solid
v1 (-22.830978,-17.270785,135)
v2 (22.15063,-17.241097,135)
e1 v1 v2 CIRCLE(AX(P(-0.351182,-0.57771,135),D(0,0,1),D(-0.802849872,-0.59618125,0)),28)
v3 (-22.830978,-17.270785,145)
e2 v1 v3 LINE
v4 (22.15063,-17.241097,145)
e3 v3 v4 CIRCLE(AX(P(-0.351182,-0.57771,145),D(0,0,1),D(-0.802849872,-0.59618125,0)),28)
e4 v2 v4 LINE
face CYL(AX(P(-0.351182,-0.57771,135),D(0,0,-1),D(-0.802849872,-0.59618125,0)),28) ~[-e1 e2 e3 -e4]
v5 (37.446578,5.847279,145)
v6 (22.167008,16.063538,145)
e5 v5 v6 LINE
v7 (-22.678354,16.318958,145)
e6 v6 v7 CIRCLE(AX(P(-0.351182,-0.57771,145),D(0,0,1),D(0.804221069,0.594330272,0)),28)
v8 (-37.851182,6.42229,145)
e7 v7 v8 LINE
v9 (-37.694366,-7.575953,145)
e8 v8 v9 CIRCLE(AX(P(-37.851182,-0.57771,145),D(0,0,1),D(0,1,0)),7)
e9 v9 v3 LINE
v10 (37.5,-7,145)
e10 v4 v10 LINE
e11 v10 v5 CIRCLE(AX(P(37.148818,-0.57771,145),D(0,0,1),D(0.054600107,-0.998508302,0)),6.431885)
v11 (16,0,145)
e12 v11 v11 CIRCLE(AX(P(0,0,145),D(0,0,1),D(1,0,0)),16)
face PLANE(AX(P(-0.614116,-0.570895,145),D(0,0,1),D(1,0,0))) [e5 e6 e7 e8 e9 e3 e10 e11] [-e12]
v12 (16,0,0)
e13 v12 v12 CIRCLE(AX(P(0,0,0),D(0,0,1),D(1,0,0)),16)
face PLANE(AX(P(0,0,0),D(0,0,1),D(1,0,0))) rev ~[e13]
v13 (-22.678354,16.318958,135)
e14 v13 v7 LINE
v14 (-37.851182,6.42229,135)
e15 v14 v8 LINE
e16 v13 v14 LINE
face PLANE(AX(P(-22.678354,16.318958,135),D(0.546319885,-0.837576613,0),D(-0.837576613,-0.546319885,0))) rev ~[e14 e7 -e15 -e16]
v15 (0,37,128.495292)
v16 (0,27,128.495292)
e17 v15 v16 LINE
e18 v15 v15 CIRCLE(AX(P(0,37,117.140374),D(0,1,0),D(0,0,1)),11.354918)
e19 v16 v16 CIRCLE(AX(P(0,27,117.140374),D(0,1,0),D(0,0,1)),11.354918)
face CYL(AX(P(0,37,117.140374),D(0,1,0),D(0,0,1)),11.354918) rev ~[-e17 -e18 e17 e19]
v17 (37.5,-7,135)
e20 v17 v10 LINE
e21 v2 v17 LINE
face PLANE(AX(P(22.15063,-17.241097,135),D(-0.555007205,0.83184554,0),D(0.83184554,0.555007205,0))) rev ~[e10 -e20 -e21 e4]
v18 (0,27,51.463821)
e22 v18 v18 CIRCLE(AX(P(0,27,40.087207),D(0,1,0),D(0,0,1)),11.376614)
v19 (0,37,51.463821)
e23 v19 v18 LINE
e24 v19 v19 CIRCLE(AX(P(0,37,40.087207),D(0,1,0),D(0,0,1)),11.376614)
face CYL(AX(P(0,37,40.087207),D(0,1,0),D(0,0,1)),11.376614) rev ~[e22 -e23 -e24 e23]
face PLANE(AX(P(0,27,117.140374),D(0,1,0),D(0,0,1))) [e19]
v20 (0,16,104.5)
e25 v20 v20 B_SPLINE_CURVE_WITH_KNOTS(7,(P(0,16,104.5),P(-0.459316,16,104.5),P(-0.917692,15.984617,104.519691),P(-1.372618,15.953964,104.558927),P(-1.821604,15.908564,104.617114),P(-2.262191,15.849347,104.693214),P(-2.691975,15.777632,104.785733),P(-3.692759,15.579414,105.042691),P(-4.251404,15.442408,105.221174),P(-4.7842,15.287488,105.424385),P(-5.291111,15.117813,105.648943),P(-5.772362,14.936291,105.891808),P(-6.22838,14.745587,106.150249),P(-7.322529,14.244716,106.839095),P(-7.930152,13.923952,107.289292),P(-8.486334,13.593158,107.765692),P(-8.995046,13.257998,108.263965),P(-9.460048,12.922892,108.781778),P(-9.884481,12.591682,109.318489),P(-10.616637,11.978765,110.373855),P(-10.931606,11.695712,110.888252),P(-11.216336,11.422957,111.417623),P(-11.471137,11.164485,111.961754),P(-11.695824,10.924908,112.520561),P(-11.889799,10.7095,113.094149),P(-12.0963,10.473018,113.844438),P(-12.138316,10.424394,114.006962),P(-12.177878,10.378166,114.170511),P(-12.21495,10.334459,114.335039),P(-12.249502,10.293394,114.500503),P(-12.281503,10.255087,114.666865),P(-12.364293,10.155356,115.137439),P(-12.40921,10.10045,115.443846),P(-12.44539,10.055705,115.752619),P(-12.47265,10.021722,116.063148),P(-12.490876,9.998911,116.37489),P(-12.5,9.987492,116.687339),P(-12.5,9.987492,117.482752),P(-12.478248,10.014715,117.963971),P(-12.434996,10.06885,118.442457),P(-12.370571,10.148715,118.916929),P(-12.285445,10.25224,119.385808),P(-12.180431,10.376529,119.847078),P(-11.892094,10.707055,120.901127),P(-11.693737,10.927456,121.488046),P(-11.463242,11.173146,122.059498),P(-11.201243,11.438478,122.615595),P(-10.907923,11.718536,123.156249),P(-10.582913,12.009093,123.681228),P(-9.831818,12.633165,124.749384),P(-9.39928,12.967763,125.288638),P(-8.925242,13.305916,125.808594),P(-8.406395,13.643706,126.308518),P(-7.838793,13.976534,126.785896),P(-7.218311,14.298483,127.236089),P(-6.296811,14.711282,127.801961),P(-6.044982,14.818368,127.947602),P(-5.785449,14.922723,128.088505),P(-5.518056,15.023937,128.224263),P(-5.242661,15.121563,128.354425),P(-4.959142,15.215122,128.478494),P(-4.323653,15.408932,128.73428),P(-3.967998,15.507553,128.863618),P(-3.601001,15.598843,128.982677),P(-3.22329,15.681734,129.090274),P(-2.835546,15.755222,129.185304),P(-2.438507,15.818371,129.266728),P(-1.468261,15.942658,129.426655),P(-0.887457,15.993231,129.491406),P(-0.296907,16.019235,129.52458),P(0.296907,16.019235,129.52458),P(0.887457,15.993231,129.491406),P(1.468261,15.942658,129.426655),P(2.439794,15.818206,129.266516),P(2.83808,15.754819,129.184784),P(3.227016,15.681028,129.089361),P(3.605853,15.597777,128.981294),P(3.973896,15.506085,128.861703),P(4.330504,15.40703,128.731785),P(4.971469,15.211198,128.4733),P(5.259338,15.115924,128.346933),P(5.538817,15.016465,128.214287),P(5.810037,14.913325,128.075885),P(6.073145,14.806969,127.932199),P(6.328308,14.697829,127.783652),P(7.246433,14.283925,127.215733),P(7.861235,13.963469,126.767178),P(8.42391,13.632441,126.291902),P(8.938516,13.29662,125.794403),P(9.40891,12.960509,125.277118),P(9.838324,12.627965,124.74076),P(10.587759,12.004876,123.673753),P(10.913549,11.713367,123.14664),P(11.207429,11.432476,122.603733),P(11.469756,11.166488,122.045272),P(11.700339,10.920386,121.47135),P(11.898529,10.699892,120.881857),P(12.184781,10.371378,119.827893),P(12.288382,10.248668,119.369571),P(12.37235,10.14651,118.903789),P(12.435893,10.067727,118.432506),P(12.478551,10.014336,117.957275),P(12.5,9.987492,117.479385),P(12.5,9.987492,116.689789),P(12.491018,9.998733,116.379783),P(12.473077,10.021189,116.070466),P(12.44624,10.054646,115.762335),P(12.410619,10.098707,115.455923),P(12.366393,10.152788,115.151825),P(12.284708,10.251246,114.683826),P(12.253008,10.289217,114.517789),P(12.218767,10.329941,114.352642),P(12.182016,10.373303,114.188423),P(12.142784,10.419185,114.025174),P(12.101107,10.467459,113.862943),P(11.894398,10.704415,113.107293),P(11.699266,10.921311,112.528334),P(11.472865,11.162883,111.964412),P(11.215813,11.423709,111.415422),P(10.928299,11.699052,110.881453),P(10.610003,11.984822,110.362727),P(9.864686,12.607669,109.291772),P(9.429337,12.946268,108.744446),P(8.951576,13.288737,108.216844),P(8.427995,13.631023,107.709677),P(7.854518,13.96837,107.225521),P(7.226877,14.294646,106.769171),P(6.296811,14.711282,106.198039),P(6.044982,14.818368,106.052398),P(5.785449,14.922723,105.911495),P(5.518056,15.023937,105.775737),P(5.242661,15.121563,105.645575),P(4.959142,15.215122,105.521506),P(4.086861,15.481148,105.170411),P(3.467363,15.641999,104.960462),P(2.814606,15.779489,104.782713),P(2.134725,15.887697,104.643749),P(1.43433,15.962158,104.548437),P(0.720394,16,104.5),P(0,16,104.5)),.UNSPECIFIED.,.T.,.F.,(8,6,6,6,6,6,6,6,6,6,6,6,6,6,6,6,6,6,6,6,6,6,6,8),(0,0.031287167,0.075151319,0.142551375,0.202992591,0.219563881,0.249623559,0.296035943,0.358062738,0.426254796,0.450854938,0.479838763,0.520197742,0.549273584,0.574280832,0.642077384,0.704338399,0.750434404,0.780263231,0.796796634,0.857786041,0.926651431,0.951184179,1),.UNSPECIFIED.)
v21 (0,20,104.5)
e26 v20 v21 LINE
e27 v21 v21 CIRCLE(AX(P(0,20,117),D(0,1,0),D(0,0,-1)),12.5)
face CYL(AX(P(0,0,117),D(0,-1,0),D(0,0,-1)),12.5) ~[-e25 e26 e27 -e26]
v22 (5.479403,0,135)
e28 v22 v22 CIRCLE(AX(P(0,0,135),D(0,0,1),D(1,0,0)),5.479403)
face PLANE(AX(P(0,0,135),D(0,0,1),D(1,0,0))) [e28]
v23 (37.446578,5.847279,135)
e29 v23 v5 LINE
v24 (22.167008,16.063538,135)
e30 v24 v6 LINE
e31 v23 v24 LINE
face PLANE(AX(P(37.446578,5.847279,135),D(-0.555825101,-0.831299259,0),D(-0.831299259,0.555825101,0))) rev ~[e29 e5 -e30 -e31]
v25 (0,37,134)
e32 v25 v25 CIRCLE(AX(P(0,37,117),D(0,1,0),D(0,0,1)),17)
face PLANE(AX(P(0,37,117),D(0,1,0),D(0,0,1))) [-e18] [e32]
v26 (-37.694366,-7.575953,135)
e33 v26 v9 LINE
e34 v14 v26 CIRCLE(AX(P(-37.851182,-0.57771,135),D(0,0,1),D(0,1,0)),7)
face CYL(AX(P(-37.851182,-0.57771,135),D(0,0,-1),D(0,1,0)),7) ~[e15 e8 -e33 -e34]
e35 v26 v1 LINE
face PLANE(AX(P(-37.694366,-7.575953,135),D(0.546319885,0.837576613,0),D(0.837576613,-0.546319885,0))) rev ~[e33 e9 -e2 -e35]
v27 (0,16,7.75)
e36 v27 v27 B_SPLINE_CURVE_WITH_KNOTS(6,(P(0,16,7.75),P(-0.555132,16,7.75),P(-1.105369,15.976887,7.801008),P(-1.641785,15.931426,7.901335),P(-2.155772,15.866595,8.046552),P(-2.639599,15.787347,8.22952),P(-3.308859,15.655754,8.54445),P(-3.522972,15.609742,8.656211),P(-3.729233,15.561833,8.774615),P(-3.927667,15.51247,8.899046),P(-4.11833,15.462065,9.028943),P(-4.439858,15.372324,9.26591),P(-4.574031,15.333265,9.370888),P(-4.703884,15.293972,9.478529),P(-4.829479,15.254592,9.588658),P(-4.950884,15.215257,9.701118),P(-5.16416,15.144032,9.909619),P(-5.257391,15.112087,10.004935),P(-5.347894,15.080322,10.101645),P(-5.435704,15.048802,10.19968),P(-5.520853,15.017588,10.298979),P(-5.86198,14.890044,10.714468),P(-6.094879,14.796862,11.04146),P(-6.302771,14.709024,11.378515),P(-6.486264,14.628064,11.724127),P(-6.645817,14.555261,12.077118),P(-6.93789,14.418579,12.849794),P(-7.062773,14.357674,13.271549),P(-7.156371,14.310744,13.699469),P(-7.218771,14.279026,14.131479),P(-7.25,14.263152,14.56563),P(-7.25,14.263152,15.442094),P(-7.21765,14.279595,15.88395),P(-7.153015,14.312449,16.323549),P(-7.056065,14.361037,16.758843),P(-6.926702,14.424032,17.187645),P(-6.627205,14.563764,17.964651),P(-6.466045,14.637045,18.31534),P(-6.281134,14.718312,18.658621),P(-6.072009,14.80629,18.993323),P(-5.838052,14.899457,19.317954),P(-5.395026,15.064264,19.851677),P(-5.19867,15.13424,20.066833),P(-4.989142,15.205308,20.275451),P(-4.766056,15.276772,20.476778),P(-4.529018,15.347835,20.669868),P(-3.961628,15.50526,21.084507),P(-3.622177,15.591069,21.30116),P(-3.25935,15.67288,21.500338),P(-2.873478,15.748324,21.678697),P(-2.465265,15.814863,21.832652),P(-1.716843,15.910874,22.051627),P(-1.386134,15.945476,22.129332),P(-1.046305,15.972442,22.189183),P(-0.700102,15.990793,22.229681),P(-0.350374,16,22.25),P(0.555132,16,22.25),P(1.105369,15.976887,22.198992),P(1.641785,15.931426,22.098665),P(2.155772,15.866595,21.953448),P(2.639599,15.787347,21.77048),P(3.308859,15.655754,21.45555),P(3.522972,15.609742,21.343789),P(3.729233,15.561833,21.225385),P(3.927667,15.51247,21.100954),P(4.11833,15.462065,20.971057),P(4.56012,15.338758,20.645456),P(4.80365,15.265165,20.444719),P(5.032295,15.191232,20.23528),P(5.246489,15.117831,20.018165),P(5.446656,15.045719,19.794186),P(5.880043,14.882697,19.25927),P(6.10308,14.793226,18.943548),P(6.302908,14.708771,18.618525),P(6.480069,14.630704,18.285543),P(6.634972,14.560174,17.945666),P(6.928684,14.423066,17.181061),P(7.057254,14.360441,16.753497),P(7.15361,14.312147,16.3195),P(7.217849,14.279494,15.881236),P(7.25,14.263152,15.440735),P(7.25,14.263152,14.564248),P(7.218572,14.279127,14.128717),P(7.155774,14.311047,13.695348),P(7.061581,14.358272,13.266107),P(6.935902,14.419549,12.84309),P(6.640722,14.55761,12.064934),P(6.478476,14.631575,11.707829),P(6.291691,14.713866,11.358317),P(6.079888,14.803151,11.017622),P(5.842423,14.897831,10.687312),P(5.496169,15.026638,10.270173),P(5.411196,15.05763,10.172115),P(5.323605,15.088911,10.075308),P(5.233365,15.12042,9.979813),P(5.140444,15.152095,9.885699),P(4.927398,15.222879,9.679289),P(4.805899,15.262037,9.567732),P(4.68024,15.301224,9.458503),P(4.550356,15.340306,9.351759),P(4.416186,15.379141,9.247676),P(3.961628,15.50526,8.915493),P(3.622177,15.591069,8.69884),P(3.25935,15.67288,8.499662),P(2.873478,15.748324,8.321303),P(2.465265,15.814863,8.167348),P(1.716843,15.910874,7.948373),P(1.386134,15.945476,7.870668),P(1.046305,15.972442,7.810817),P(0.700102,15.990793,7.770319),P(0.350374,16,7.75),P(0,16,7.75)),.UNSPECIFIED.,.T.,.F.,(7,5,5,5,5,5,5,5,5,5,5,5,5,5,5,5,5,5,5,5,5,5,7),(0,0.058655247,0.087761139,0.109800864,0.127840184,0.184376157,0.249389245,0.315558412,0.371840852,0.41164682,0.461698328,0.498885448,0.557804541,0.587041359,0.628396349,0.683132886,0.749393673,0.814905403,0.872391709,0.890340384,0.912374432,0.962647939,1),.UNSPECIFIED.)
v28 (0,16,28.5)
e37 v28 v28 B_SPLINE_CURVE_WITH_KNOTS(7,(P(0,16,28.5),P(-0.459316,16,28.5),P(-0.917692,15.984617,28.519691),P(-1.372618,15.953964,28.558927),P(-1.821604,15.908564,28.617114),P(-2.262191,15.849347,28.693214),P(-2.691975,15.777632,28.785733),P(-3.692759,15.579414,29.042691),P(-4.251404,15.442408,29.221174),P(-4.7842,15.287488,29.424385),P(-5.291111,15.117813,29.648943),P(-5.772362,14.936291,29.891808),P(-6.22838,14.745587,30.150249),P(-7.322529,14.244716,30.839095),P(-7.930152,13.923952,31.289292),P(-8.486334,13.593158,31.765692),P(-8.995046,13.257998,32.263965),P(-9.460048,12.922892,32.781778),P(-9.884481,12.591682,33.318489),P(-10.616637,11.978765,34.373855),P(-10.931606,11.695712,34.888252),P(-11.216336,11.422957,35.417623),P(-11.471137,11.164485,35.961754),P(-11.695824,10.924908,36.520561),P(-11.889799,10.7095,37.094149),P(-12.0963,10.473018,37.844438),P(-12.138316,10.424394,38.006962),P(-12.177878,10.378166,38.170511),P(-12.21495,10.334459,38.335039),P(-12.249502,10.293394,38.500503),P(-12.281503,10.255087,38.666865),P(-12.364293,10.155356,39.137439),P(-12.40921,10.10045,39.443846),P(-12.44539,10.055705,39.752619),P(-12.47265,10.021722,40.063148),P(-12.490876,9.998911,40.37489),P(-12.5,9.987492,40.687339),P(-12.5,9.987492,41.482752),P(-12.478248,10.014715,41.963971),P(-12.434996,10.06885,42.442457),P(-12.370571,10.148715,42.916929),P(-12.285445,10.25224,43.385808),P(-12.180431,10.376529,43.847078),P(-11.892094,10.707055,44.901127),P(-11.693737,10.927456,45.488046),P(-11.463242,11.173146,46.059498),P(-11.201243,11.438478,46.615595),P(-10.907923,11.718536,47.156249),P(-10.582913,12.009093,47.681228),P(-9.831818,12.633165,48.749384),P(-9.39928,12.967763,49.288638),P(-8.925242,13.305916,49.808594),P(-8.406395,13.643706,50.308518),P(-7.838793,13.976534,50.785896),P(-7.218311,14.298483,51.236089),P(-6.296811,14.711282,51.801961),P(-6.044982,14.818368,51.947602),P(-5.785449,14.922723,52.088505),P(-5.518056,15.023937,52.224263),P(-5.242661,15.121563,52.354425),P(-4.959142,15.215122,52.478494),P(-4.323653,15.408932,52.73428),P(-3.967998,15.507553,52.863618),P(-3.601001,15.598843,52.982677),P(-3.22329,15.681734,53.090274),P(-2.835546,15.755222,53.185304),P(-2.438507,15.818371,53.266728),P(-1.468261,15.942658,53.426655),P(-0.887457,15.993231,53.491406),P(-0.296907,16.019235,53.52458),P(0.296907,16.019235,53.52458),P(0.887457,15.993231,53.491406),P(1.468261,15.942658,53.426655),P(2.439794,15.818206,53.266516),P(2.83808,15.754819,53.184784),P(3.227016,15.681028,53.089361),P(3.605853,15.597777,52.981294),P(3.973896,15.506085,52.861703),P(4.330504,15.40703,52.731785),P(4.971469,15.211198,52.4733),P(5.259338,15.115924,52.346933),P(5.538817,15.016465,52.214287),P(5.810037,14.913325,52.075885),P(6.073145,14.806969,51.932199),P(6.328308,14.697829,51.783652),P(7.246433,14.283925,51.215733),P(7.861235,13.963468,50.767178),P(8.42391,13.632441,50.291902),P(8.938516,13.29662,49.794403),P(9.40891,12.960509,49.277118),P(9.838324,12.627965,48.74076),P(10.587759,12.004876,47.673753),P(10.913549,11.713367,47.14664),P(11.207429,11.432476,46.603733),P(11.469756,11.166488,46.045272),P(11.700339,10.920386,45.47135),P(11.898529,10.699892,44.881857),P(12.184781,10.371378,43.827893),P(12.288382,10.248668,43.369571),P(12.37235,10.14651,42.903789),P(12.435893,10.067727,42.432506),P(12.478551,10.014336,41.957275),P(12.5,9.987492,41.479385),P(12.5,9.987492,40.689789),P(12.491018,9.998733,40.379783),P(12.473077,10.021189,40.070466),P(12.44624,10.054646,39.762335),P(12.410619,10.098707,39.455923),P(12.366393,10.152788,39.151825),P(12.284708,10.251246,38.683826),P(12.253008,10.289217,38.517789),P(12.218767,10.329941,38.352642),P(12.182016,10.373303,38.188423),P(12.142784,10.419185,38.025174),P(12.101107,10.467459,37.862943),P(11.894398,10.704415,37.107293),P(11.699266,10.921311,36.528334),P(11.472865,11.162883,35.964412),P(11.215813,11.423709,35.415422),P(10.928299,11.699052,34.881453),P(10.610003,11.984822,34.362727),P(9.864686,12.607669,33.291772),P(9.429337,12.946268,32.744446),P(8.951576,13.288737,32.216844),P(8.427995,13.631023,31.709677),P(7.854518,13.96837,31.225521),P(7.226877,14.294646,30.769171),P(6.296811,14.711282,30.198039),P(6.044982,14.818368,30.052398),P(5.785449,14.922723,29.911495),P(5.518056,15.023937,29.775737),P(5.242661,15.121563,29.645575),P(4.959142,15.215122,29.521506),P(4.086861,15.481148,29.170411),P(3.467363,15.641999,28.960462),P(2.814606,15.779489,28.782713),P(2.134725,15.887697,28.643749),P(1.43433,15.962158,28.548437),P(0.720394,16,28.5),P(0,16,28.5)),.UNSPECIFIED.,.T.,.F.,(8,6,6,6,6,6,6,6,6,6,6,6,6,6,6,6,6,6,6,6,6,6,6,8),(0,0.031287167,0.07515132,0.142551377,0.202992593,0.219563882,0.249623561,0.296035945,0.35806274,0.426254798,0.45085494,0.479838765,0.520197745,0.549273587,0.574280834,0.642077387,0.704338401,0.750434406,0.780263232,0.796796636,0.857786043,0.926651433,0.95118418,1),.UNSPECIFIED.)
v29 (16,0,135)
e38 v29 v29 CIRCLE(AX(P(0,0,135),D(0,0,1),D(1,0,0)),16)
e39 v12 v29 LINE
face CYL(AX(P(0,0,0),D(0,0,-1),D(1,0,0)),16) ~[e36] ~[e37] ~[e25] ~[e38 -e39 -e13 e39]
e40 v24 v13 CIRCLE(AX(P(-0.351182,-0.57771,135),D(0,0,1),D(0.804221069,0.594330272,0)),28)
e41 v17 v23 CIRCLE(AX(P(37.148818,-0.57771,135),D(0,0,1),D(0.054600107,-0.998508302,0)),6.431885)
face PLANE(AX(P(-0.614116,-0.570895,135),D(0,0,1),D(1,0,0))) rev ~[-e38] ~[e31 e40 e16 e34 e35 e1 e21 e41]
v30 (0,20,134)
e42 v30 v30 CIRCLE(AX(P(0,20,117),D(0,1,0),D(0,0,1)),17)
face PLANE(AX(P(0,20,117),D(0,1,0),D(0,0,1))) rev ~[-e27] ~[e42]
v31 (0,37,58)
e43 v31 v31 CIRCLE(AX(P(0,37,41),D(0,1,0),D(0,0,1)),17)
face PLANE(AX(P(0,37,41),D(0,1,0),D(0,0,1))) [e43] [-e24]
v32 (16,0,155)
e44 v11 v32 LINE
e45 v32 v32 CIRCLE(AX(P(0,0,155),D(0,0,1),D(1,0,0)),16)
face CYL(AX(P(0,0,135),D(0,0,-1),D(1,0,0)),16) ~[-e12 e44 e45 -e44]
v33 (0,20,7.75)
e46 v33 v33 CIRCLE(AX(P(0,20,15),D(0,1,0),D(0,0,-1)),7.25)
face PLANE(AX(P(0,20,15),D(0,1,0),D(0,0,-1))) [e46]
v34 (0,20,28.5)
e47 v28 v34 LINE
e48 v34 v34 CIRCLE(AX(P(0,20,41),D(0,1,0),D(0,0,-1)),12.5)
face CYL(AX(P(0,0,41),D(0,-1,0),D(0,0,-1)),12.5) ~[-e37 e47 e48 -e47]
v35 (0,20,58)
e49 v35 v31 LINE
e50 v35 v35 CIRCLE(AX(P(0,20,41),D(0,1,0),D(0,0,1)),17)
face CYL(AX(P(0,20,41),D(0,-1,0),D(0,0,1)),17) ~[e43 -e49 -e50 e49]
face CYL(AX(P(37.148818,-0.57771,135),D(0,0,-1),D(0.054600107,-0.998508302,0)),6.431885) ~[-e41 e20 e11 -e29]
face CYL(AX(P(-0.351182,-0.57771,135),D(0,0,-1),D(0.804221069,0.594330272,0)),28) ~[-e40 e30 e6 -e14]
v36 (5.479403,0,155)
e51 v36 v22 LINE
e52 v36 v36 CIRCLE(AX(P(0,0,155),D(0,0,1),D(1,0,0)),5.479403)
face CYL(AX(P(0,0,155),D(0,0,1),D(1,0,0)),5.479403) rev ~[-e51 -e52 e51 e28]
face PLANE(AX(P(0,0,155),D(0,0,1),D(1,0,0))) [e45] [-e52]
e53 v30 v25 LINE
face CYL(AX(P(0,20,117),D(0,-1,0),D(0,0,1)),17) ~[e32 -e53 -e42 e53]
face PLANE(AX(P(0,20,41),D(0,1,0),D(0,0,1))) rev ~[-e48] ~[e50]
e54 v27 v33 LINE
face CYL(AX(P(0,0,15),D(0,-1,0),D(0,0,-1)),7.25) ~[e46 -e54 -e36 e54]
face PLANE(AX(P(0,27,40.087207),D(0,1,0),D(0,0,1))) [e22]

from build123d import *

# Parameters (mm, degrees)
SKIZZE1_R                       = 16
AUFSATZ_LINEAR_AUSTRAGEN1_DEPTH = 135
SKIZZE2_R                       = 7.25
AUFSATZ_LINEAR_AUSTRAGEN2_DEPTH = 20
SKIZZE4_R                       = 12.5
AUFSATZ_LINEAR_AUSTRAGEN3_DEPTH = 20
SKIZZE7_R                       = 16
AUFSATZ_LINEAR_AUSTRAGEN4_DEPTH = 10
SKIZZE8_R                       = 17
AUFSATZ_LINEAR_AUSTRAGEN5_DEPTH = 17
SKIZZE9_R                       = 11.376613665
SKIZZE9_R_2                     = 11.354918218
SCHNITT_LINEAR_AUSTRAGEN2_DEPTH = 10
SKIZZE10_R                      = 16
AUFSATZ_LINEAR_AUSTRAGEN6_DEPTH = 20
SKIZZE11_R                      = 5.479403349
SCHNITT_LINEAR_AUSTRAGEN3_DEPTH = 20


with BuildPart() as part:
    # Skizze1 → Aufsatz-Linear austragen1 (new body)
    with BuildSketch(Plane.XY):
        Circle(SKIZZE1_R)
    extrude(amount=AUFSATZ_LINEAR_AUSTRAGEN1_DEPTH)

    # Skizze2 → Aufsatz-Linear austragen2 (add)
    with BuildSketch(Plane(origin=(0, 0, 0), x_dir=(1, 0, 0), z_dir=(0, 1, 0))):
        with Locations(Location((0, -15, 0), (0, 0, 90))):
            Circle(SKIZZE2_R)
    extrude(amount=AUFSATZ_LINEAR_AUSTRAGEN2_DEPTH)

    # Skizze4 → Aufsatz-Linear austragen3 (add)
    with BuildSketch(Plane(origin=(0, 0, 0), x_dir=(1, 0, 0), z_dir=(0, 1, 0))):
        with Locations(Location((0, -41, 0), (0, 0, 90))):
            Circle(SKIZZE4_R)
        with Locations(Location((0, -117, 0), (0, 0, 90))):
            Circle(SKIZZE4_R)
    extrude(amount=AUFSATZ_LINEAR_AUSTRAGEN3_DEPTH)

    # Skizze8 → Aufsatz-Linear austragen5 (add)
    with BuildSketch(Plane(origin=(0, 20, 0), x_dir=(1, 0, 0), z_dir=(0, 1, 0))):
        with Locations(Location((0, -41, 0), (0, 0, 270))):
            Circle(SKIZZE8_R)
        with Locations(Location((0, -117, 0), (0, 0, 270))):
            Circle(SKIZZE8_R)
    extrude(amount=AUFSATZ_LINEAR_AUSTRAGEN5_DEPTH)

    # Skizze9 → Schnitt-Linear austragen2 (cut)
    with BuildSketch(Plane(origin=(0, 37, 0), x_dir=(1, 0, 0), z_dir=(0, 1, 0))):
        with Locations(Location((0, -40.087207053, 0), (0, 0, 270))):
            Circle(SKIZZE9_R)
        with Locations(Location((0, -117.14037352, 0), (0, 0, 270))):
            Circle(SKIZZE9_R_2)
    extrude(amount=-SCHNITT_LINEAR_AUSTRAGEN2_DEPTH, mode=Mode.SUBTRACT)



with BuildPart() as body_2:
    # Skizze7 → Aufsatz-Linear austragen4 (new body)
    with BuildSketch(Plane.XY.offset(135)):
        with BuildLine():
            Line((22.150629915, -17.24109716), (37.5, -7))
            ThreePointArc((37.5, -7), (43.58064746, -0.550964854), (37.446578261, 5.847278882))
            Line((37.446578261, 5.847278882), (22.167008351, 16.063537827))
            ThreePointArc((22.167008351, 16.063537827), (-0.191707942, 27.421836078), (-22.678353656, 16.318958162))
            Line((-22.678353656, 16.318958162), (-37.851181588, 6.422290222))
            ThreePointArc((-37.851181588, 6.422290222), (-44.850742391, -0.656122578), (-37.694365828, -7.575953044))
            Line((-37.694365828, -7.575953044), (-22.830978008, -17.270784777))
            ThreePointArc((-22.830978008, -17.270784777), (-0.332701744, -28.57770368), (22.150629915, -17.24109716))
        make_face()
        Circle(SKIZZE7_R, mode=Mode.SUBTRACT)
    extrude(amount=AUFSATZ_LINEAR_AUSTRAGEN4_DEPTH)


with BuildPart() as part_1:
    add(part.part)

    add(body_2.part)  # Aufsatz-Linear austragen6 merges body 2
    # Skizze10 → Aufsatz-Linear austragen6 (add)
    with BuildSketch(Plane.XY.offset(135)):
        Circle(SKIZZE10_R)
    extrude(amount=AUFSATZ_LINEAR_AUSTRAGEN6_DEPTH)

    # Skizze11 → Schnitt-Linear austragen3 (cut)
    with BuildSketch(Plane.XY.offset(155)):
        Circle(SKIZZE11_R)
    extrude(amount=-SCHNITT_LINEAR_AUSTRAGEN3_DEPTH, mode=Mode.SUBTRACT)


solid = part_1.part
